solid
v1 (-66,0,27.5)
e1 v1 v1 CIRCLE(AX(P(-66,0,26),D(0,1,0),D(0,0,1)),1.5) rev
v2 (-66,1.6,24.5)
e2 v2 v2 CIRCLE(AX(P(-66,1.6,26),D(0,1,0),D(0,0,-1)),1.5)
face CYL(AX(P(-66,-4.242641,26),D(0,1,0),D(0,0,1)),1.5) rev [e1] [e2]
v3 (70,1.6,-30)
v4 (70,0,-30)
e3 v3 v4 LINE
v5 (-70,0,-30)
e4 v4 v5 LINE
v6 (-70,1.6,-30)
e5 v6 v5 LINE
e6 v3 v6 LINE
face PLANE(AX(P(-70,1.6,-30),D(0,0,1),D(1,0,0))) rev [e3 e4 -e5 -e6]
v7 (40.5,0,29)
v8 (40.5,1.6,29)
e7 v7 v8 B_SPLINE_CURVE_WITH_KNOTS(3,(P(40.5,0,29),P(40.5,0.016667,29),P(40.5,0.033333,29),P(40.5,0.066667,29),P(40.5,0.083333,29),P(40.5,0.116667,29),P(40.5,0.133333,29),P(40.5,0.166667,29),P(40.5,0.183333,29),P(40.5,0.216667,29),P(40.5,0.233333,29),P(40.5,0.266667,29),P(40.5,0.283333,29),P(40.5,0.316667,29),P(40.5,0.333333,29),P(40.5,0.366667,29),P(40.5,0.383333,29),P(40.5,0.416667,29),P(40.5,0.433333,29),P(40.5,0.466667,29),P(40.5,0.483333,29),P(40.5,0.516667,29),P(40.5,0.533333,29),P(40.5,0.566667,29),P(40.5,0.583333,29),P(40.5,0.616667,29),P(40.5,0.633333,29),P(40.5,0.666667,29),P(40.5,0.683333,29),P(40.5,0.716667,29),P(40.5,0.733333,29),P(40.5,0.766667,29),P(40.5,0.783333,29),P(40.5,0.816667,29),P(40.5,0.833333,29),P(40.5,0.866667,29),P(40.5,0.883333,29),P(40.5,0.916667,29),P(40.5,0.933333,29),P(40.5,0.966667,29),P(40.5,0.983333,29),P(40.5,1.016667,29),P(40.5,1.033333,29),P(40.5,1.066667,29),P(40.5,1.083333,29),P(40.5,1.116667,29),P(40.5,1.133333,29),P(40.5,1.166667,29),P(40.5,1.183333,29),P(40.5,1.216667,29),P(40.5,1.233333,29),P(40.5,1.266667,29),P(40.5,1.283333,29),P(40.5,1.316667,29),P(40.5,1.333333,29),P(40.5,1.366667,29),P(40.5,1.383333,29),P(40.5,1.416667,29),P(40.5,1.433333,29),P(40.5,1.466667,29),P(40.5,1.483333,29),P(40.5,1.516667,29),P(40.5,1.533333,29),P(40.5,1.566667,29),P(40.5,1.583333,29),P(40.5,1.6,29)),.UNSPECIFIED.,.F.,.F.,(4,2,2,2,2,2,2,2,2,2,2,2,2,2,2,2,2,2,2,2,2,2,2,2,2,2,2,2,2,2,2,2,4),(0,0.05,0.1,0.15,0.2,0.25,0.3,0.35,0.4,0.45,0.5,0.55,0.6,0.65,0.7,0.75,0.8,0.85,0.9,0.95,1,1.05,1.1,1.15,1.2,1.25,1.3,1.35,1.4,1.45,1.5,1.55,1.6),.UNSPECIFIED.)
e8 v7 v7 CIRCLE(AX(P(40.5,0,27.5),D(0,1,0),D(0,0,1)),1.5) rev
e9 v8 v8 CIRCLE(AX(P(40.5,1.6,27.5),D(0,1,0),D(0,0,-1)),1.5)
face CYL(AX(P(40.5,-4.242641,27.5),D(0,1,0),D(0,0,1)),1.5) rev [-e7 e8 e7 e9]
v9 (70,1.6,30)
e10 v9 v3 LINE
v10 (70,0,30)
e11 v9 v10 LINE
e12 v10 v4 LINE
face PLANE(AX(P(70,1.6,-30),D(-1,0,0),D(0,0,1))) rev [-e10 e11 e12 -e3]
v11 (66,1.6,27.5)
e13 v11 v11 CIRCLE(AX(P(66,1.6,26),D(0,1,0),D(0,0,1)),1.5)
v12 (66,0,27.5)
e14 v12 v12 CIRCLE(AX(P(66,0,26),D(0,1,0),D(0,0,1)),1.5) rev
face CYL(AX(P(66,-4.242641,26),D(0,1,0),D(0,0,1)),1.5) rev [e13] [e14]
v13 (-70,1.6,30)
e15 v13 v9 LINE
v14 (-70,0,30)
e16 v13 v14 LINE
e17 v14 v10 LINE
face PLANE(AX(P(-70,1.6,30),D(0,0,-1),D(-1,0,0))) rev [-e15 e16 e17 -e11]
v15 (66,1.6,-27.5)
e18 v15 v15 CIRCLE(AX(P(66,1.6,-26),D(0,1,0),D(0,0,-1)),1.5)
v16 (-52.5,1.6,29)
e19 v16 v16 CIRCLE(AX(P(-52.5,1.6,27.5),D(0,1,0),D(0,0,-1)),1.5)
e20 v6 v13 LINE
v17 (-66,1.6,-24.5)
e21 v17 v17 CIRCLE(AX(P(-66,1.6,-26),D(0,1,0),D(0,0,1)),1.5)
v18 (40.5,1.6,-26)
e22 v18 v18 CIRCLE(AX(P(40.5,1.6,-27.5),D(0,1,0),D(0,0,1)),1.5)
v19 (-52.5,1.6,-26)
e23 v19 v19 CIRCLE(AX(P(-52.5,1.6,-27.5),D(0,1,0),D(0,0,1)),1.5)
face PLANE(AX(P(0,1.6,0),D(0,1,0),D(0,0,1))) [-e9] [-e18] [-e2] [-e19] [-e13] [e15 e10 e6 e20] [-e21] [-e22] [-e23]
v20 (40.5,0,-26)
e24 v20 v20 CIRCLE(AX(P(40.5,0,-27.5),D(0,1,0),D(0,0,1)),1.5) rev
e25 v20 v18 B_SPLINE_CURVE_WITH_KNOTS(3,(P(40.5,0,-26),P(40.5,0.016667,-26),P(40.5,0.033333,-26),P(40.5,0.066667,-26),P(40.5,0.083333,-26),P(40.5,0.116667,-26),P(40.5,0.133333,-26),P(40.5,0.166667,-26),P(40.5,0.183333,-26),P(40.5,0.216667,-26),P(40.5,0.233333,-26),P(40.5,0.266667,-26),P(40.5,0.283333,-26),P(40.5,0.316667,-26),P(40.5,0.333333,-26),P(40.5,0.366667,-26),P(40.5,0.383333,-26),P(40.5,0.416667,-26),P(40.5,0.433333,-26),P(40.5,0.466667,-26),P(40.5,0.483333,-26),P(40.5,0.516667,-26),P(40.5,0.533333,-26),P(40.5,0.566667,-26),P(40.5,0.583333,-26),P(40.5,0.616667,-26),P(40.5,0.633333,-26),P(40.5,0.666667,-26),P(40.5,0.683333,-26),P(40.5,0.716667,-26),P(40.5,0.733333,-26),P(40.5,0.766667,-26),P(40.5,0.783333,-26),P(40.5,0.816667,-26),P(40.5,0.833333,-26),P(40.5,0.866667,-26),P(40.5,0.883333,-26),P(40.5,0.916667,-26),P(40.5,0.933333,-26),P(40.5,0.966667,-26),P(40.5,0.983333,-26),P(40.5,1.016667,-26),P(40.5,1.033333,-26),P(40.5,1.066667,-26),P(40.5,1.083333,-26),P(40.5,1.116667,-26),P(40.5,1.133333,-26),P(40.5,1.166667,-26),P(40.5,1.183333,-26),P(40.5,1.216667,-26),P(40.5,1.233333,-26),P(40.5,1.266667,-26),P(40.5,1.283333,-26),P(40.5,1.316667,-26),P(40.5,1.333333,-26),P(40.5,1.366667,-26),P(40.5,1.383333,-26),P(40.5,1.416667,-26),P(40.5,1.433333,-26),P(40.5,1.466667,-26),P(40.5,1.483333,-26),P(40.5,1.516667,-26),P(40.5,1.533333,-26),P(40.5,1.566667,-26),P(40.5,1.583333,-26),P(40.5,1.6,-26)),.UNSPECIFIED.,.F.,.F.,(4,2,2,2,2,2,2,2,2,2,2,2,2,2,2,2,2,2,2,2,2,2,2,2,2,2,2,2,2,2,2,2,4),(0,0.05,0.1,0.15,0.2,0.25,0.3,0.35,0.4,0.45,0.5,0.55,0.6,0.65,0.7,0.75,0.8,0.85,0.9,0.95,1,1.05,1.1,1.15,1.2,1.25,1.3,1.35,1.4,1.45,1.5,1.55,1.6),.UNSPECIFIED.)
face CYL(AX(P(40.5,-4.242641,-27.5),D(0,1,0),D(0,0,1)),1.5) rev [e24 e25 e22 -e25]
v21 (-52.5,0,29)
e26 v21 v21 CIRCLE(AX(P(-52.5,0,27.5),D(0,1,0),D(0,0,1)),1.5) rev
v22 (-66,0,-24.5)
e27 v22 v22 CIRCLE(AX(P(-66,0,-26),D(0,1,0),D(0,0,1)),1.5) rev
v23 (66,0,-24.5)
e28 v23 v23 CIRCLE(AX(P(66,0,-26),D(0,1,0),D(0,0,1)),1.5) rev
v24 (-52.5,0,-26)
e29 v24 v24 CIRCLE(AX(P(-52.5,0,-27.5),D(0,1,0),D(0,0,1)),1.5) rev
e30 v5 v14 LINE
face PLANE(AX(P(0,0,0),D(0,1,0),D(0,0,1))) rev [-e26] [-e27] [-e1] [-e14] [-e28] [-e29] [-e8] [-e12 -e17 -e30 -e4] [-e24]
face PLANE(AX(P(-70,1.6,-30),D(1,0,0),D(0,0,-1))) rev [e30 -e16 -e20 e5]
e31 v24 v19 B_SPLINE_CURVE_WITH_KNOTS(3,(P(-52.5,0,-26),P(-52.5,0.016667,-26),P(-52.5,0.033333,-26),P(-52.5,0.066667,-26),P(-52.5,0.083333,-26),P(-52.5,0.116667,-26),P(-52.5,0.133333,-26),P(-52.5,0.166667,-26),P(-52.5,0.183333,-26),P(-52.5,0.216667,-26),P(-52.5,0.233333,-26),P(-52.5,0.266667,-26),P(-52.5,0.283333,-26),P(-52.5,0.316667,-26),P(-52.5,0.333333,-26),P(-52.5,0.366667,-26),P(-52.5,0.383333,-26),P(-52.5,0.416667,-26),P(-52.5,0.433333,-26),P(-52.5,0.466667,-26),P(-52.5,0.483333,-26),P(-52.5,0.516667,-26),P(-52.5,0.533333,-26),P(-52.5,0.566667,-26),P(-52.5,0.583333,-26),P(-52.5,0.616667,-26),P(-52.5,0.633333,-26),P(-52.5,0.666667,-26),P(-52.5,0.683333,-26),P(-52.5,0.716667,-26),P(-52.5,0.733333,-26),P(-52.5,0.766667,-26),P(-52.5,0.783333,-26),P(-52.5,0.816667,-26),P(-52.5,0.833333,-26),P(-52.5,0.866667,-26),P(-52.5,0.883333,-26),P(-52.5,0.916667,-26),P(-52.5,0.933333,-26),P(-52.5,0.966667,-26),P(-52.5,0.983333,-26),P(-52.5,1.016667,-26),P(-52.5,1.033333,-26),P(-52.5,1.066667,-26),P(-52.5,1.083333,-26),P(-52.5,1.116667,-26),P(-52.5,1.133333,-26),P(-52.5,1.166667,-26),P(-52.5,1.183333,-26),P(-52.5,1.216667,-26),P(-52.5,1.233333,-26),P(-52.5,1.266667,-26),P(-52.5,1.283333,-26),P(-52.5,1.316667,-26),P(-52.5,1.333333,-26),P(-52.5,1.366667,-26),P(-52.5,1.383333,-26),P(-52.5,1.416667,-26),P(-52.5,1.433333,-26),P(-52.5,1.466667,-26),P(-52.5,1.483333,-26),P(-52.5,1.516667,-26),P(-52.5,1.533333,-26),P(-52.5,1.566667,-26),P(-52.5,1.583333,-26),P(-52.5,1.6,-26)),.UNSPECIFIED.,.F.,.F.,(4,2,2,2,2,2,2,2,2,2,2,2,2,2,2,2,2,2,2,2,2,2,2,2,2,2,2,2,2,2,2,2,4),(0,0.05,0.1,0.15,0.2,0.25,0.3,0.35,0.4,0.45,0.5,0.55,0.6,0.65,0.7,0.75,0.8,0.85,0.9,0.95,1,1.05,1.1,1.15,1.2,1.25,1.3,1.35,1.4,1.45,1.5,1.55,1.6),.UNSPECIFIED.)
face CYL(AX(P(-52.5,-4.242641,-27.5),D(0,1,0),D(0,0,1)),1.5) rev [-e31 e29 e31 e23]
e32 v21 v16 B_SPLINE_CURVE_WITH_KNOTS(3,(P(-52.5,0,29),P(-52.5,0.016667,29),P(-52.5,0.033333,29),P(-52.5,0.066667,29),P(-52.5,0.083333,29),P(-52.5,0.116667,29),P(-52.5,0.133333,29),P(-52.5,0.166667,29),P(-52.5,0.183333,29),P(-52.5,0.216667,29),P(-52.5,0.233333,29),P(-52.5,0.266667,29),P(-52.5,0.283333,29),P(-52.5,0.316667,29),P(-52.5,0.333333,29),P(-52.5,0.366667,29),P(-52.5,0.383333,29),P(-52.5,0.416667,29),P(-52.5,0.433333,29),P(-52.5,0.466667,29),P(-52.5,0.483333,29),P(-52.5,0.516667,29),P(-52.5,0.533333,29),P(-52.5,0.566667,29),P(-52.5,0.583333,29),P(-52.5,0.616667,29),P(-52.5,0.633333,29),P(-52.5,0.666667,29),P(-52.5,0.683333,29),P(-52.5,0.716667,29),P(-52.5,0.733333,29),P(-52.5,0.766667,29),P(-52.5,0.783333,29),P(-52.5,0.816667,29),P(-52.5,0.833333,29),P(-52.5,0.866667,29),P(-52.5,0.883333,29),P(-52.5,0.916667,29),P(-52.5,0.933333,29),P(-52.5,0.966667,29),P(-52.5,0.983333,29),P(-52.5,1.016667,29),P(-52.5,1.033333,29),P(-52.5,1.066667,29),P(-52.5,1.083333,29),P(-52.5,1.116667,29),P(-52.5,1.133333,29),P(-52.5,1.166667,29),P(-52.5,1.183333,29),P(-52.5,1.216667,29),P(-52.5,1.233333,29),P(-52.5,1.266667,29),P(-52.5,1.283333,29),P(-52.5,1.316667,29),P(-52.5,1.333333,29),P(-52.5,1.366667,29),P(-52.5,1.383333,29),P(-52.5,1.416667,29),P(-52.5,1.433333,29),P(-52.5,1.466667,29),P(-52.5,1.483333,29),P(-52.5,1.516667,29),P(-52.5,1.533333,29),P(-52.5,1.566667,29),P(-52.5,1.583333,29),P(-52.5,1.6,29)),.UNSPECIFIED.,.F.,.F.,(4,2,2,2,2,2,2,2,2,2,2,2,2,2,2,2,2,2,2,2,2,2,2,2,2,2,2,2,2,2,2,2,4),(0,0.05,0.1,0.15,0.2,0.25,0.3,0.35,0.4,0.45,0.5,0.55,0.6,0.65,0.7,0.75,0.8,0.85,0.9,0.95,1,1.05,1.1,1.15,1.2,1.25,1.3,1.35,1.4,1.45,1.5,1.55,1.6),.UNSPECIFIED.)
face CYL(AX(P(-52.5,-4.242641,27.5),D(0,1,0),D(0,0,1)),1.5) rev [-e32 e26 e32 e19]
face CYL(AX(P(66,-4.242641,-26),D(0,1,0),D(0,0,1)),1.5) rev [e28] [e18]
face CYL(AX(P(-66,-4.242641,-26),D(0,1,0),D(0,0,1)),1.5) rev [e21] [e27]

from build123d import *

# Parameters (mm, degrees)
SKETCH_1_W          = 140
SKETCH_1_H          = 60
EXTRUDE_1_DEPTH     = 1.6
SKETCH_2_R          = 1.5
CUT_EXTRUDE_1_DEPTH = 1.6
SKETCH_3_R          = 1.5
CUT_EXTRUDE_2_DEPTH = 1.6


with BuildPart() as part:
    # Эскиз1 → Бобышка-Вытянуть1 (new body)
    with BuildSketch(Plane(origin=(0, 0, 0), x_dir=(1, 0, 0), z_dir=(0, 1, 0))):
        Rectangle(SKETCH_1_W, SKETCH_1_H)
    extrude(amount=EXTRUDE_1_DEPTH)

    # Эскиз2 → Вырез-Вытянуть1 (cut)
    with BuildSketch(Plane(origin=(0, 1.6, 0), x_dir=(1, 0, 0), z_dir=(0, 1, 0))):
        with Locations(Location((-66, 26, 0), (0, 0, 270))):
            Circle(SKETCH_2_R)
        with Locations(Location((-66, -26, 0), (0, 0, 270))):
            Circle(SKETCH_2_R)
        with Locations(Location((66, -26, 0), (0, 0, 270))):
            Circle(SKETCH_2_R)
        with Locations(Location((66, 26, 0), (0, 0, 270))):
            Circle(SKETCH_2_R)
    extrude(amount=-CUT_EXTRUDE_1_DEPTH, mode=Mode.SUBTRACT)

    # Эскиз3 → Вырез-Вытянуть2 (cut)
    with BuildSketch(Plane(origin=(0, 1.6, 0), x_dir=(1, 0, 0), z_dir=(0, 1, 0))):
        with Locations(Location((-52.5, 27.5, 0), (0, 0, 270))):
            Circle(SKETCH_3_R)
        with Locations(Location((-52.5, -27.5, 0), (0, 0, 270))):
            Circle(SKETCH_3_R)
        with Locations(Location((40.5, 27.5, 0), (0, 0, 270))):
            Circle(SKETCH_3_R)
        with Locations(Location((40.5, -27.5, 0), (0, 0, 270))):
            Circle(SKETCH_3_R)
    extrude(amount=-CUT_EXTRUDE_2_DEPTH, mode=Mode.SUBTRACT)


solid = part.part
